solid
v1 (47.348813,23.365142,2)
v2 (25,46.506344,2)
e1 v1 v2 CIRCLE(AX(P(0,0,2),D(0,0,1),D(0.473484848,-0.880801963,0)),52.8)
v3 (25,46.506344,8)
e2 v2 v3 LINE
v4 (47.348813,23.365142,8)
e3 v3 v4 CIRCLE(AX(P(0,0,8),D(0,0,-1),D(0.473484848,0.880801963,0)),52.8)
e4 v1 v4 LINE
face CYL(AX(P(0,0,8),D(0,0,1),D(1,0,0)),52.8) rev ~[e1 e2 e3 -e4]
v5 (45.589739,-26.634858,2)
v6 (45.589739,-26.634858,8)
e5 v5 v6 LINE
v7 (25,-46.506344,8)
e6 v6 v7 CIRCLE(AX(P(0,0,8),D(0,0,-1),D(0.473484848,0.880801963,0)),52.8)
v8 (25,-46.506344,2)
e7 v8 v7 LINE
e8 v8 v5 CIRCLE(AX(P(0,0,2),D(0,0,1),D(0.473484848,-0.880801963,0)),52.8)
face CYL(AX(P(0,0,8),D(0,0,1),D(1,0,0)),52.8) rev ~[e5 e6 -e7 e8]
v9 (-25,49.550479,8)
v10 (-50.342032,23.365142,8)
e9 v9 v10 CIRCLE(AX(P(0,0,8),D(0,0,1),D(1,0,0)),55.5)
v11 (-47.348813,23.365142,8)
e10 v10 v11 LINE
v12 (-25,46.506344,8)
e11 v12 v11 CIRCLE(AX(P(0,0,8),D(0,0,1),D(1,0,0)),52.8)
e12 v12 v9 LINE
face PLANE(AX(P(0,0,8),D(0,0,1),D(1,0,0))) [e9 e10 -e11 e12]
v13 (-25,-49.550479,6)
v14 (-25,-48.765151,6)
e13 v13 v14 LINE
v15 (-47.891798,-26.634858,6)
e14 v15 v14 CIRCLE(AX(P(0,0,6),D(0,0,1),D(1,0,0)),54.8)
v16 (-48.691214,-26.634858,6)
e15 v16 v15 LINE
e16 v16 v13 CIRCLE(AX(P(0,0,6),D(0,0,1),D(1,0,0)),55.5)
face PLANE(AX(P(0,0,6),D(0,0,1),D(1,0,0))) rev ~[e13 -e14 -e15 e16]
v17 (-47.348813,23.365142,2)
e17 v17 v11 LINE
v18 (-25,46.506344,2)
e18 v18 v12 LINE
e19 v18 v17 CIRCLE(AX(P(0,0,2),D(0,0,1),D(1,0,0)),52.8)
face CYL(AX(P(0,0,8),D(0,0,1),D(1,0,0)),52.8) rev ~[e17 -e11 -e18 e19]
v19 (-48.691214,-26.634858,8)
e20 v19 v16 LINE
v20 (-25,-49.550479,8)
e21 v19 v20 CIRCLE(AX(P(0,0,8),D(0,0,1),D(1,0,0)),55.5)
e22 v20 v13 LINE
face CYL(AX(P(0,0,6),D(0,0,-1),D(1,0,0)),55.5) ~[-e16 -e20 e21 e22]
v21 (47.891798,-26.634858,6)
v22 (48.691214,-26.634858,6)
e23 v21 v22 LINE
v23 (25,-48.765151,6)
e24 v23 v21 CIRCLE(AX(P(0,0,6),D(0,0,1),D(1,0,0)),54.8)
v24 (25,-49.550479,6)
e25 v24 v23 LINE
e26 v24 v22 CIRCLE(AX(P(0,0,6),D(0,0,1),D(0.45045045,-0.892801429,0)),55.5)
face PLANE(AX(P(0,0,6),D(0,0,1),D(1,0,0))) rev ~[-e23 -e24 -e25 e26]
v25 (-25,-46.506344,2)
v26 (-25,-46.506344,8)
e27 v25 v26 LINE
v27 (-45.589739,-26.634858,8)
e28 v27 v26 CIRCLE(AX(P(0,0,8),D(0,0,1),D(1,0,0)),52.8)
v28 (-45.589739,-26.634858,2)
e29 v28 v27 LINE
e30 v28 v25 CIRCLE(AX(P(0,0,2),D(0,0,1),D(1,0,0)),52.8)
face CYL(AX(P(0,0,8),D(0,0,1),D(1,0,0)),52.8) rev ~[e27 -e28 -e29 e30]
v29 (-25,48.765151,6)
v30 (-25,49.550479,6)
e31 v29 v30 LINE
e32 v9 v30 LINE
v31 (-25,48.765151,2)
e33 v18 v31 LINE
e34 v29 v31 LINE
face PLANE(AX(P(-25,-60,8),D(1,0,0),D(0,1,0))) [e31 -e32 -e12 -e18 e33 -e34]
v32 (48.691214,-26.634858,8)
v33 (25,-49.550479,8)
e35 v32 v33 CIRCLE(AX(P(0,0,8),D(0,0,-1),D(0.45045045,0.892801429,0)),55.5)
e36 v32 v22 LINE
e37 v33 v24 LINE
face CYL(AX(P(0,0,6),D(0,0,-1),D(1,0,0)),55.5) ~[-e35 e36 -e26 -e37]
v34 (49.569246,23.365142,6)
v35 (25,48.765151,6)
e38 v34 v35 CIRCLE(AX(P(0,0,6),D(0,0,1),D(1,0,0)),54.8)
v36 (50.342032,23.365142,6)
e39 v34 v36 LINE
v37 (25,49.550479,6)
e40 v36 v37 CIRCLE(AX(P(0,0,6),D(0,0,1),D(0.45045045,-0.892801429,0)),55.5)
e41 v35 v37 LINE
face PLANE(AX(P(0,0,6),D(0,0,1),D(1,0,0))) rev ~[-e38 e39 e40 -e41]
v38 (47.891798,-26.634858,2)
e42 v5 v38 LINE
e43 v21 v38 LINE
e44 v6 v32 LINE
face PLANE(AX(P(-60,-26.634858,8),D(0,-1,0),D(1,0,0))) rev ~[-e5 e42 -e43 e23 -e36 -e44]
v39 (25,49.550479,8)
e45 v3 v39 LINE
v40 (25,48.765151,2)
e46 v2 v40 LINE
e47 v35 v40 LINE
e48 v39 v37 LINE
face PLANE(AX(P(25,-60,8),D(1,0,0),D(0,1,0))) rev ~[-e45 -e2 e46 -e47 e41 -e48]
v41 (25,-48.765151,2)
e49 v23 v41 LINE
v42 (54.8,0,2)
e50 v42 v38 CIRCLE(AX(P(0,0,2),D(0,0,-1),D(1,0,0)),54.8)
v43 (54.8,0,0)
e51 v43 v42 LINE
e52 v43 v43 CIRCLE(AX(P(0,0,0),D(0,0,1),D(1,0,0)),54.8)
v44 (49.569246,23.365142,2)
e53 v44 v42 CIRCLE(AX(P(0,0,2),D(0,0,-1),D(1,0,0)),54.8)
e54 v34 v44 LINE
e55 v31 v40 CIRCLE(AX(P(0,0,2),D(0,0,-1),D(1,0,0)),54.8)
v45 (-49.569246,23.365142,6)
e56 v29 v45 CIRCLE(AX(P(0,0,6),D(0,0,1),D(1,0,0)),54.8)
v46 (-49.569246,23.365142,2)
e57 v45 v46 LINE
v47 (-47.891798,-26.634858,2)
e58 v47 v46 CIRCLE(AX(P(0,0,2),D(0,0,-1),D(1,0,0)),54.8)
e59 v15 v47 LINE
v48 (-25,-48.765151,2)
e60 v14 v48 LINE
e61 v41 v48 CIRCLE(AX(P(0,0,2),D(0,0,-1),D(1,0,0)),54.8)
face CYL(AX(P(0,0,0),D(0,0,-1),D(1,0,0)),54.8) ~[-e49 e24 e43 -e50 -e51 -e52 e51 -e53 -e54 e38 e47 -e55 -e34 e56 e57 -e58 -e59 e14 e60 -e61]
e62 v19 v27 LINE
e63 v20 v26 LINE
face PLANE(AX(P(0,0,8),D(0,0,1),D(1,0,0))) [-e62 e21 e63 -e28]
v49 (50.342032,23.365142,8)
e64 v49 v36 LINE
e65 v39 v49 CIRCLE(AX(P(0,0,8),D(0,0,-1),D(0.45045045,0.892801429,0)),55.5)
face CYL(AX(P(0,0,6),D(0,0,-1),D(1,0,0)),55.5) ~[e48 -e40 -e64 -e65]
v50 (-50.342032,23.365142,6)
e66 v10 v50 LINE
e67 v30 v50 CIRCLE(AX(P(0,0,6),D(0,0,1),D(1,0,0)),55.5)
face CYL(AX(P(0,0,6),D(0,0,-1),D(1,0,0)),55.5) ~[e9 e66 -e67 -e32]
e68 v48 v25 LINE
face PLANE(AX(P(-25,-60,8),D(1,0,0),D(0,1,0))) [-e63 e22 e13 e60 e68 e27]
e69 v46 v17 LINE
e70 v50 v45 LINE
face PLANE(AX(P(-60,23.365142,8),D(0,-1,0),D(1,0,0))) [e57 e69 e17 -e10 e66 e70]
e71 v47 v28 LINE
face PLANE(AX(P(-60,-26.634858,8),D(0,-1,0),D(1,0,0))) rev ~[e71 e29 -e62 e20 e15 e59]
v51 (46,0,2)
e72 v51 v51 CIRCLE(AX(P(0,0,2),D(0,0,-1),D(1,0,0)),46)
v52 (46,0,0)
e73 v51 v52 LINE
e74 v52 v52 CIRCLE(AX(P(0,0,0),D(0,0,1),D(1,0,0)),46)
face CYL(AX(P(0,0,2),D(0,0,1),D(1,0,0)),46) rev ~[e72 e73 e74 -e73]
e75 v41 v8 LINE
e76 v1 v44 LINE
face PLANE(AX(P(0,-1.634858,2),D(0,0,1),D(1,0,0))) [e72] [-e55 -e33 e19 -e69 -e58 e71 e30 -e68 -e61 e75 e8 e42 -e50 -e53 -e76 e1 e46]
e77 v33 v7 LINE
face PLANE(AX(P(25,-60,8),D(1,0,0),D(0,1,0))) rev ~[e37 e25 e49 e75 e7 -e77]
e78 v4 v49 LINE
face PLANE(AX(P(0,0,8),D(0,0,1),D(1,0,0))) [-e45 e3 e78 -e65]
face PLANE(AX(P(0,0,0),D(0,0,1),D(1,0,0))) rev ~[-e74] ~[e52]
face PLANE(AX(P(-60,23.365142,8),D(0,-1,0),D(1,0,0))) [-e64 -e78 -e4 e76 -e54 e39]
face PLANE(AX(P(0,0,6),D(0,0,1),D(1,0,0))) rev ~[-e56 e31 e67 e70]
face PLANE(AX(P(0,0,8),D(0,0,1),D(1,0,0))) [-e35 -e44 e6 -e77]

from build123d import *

# Parameters (mm, degrees)
F0_R      = 54.8
F1_DEPTH  = 6
F2_R      = 55.5
F3_DEPTH  = 2
F4_R      = 52.8
F5_DEPTH  = 6
F6_R      = 46
F7_DEPTH  = 25
F8_W      = 50
F8_H      = 120
F9_DEPTH  = 6
F10_W     = 120
F10_H     = 50
F11_DEPTH = 6


with BuildPart() as f1:
    # F0 (on Top) → F1 (new body)
    with BuildSketch(Plane.XY):
        Circle(F0_R)
    extrude(amount=F1_DEPTH)

    # F2 (on face) → F3 (join)
    with BuildSketch(Plane.XY.offset(6)):
        Circle(F2_R)
    extrude(amount=F3_DEPTH)

    # F4 (on face) → F5 (cut)
    with BuildSketch(Plane.XY.offset(8)):
        Circle(F4_R)
    extrude(amount=-F5_DEPTH, mode=Mode.SUBTRACT)

    # F6 (on face) → F7 (cut)
    with BuildSketch(Plane.XY.offset(2)):
        Circle(F6_R)
    extrude(amount=-F7_DEPTH, mode=Mode.SUBTRACT)

    # F8 (on face) → F9 (cut)
    with BuildSketch(Plane.XY.offset(8)):
        Rectangle(F8_W, F8_H)
    extrude(amount=-F9_DEPTH, mode=Mode.SUBTRACT)

    # F10 (on face) → F11 (cut)
    with BuildSketch(Plane.XY.offset(8)):
        with Locations((0, -1.634858)):
            Rectangle(F10_W, F10_H)
    extrude(amount=-F11_DEPTH, mode=Mode.SUBTRACT)


solid = f1.part
